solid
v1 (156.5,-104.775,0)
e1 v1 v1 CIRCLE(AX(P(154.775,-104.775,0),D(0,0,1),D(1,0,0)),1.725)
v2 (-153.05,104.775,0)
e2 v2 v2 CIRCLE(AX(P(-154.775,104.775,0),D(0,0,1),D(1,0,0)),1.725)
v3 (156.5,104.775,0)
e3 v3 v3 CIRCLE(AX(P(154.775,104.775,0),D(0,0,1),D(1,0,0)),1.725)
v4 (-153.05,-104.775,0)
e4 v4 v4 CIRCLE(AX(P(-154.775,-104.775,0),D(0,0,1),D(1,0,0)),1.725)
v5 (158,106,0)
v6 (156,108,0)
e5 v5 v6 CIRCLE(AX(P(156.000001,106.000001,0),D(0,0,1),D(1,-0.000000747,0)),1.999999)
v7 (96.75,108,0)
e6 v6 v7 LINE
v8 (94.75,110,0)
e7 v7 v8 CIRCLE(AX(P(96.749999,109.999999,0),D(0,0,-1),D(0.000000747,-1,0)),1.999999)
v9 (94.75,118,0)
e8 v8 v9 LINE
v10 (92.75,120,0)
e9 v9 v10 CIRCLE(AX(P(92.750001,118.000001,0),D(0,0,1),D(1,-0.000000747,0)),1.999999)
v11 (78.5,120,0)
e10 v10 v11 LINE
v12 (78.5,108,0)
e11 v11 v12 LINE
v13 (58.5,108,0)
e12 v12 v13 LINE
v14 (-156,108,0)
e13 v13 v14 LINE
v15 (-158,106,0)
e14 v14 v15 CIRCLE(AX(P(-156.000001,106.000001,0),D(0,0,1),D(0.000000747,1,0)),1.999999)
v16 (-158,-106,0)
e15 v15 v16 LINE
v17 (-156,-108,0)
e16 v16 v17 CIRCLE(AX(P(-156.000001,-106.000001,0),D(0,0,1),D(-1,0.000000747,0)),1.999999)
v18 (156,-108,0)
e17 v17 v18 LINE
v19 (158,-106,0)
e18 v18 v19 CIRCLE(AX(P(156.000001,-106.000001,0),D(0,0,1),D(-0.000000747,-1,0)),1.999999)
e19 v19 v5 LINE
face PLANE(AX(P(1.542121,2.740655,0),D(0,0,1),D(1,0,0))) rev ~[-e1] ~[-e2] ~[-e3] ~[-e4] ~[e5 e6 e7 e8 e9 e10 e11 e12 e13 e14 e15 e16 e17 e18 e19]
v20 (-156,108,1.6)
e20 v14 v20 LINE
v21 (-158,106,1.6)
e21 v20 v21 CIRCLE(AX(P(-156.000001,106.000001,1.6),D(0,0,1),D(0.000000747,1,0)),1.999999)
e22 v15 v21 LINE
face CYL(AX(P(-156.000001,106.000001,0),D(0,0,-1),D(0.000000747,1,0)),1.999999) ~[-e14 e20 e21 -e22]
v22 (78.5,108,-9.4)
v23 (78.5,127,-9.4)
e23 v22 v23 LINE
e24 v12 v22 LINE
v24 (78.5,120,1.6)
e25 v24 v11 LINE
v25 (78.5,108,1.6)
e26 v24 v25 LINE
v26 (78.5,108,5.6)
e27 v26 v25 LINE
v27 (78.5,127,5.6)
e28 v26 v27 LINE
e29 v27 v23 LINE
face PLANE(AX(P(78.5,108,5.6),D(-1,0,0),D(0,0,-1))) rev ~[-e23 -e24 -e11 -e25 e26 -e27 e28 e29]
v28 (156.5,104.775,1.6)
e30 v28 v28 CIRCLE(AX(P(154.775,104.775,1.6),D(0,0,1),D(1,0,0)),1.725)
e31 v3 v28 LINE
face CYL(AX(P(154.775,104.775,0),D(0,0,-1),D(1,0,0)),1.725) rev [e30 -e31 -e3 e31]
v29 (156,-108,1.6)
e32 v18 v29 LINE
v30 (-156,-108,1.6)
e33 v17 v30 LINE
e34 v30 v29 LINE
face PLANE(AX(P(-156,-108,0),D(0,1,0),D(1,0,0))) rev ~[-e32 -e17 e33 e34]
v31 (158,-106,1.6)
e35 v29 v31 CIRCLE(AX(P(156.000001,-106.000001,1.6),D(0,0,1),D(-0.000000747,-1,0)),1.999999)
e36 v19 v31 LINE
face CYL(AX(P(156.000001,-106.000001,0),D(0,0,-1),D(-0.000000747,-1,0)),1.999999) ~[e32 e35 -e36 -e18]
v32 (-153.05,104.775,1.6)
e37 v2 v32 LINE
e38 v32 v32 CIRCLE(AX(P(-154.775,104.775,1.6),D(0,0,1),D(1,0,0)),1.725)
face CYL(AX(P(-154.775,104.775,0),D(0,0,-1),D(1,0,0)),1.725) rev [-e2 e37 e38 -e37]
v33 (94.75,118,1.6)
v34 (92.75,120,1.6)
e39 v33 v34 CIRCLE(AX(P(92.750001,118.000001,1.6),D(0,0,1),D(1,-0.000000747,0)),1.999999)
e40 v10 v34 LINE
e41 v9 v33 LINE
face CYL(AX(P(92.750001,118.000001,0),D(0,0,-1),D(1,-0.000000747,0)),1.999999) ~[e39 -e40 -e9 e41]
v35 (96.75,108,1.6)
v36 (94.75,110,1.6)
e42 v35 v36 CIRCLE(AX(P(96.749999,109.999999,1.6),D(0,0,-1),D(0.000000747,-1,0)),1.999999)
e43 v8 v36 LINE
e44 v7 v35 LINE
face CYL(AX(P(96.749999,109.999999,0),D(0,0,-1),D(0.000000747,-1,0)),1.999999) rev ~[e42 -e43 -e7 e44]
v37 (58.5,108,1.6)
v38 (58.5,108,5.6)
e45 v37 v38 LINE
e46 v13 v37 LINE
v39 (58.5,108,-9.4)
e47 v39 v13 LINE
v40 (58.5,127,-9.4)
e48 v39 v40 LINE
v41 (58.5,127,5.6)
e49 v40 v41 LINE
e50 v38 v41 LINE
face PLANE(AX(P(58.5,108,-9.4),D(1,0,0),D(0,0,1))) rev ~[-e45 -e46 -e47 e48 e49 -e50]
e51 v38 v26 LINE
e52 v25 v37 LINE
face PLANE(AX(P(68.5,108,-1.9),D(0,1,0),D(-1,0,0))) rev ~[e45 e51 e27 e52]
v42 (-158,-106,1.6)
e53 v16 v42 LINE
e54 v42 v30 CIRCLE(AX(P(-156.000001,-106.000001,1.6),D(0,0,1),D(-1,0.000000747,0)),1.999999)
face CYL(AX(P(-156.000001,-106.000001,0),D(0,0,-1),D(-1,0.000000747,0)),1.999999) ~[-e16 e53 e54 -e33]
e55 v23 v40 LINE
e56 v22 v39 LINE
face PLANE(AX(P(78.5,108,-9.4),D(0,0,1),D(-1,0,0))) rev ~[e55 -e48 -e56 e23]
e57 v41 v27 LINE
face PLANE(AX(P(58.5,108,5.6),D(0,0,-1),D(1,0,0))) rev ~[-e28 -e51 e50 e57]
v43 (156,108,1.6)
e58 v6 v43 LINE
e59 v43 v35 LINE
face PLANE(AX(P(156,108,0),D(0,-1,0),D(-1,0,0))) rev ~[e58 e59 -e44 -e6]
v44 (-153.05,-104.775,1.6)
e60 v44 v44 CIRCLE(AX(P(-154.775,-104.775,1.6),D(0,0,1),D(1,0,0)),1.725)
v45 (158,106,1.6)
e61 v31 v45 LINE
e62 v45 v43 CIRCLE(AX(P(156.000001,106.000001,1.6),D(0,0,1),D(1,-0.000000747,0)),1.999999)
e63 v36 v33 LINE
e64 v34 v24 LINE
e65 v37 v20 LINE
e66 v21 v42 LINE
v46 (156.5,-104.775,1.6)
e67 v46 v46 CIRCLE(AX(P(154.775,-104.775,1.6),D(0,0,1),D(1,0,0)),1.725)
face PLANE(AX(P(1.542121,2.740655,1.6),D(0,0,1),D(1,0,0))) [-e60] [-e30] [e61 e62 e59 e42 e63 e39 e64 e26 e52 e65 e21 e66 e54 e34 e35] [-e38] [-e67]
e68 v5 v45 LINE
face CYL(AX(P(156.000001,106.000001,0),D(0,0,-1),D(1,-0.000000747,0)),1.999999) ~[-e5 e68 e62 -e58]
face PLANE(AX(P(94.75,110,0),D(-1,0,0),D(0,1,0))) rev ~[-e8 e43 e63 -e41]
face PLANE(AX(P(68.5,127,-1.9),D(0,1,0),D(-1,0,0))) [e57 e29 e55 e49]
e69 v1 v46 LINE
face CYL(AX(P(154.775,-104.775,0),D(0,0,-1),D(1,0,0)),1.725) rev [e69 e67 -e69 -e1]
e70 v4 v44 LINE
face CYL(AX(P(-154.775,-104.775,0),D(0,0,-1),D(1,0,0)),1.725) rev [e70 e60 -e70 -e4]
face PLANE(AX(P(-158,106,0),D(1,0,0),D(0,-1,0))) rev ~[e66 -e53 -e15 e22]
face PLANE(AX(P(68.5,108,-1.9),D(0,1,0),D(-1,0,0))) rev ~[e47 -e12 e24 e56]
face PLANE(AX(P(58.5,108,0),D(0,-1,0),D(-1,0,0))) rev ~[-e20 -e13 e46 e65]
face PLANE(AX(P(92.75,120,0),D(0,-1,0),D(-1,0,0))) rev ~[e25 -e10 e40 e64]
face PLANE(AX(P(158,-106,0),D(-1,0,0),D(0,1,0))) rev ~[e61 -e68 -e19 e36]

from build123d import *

# Parameters (mm, degrees)
F0_R     = 1.725
F1_DEPTH = 1.6
F3_DEPTH = 19


with BuildPart() as f1:
    # F0 (on Top) → F1 (new body)
    with BuildSketch(Plane.XY):
        with BuildLine():
            ThreePointArc((158, 106), (157.414214, 107.414214), (156, 108))
            Line((156, 108), (96.75, 108))
            ThreePointArc((96.75, 108), (95.335786, 108.585786), (94.75, 110))
            Line((94.75, 110), (94.75, 118))
            ThreePointArc((94.75, 118), (94.164214, 119.414214), (92.75, 120))
            Line((92.75, 120), (58.5, 120))
            Line((58.5, 120), (58.5, 108))
            Line((58.5, 108), (-156, 108))
            ThreePointArc((-156, 108), (-157.414214, 107.414214), (-158, 106))
            Line((-158, 106), (-158, -106))
            ThreePointArc((-158, -106), (-157.414214, -107.414214), (-156, -108))
            Line((-156, -108), (156, -108))
            ThreePointArc((156, -108), (157.414214, -107.414214), (158, -106))
            Line((158, -106), (158, 106))
        make_face()
        with Locations((-154.775, -104.775)):
            Circle(F0_R, mode=Mode.SUBTRACT)
        with Locations((154.775, -104.775)):
            Circle(F0_R, mode=Mode.SUBTRACT)
        with Locations((-154.775, 104.775)):
            Circle(F0_R, mode=Mode.SUBTRACT)
        with Locations((154.775, 104.775)):
            Circle(F0_R, mode=Mode.SUBTRACT)
    extrude(amount=F1_DEPTH)

    # F2 (on face) → F3 (join)
    with BuildSketch(Plane(origin=(0, 108, 0), x_dir=(-1, 0, 0), z_dir=(0, 1, 0))):
        Polygon((-58.5, 1.6), (-58.5, 5.6), (-78.5, 5.6), (-78.5, -9.4), (-58.5, -9.4), (-58.5, 0), align=None)
    extrude(amount=F3_DEPTH)


solid = f1.part
